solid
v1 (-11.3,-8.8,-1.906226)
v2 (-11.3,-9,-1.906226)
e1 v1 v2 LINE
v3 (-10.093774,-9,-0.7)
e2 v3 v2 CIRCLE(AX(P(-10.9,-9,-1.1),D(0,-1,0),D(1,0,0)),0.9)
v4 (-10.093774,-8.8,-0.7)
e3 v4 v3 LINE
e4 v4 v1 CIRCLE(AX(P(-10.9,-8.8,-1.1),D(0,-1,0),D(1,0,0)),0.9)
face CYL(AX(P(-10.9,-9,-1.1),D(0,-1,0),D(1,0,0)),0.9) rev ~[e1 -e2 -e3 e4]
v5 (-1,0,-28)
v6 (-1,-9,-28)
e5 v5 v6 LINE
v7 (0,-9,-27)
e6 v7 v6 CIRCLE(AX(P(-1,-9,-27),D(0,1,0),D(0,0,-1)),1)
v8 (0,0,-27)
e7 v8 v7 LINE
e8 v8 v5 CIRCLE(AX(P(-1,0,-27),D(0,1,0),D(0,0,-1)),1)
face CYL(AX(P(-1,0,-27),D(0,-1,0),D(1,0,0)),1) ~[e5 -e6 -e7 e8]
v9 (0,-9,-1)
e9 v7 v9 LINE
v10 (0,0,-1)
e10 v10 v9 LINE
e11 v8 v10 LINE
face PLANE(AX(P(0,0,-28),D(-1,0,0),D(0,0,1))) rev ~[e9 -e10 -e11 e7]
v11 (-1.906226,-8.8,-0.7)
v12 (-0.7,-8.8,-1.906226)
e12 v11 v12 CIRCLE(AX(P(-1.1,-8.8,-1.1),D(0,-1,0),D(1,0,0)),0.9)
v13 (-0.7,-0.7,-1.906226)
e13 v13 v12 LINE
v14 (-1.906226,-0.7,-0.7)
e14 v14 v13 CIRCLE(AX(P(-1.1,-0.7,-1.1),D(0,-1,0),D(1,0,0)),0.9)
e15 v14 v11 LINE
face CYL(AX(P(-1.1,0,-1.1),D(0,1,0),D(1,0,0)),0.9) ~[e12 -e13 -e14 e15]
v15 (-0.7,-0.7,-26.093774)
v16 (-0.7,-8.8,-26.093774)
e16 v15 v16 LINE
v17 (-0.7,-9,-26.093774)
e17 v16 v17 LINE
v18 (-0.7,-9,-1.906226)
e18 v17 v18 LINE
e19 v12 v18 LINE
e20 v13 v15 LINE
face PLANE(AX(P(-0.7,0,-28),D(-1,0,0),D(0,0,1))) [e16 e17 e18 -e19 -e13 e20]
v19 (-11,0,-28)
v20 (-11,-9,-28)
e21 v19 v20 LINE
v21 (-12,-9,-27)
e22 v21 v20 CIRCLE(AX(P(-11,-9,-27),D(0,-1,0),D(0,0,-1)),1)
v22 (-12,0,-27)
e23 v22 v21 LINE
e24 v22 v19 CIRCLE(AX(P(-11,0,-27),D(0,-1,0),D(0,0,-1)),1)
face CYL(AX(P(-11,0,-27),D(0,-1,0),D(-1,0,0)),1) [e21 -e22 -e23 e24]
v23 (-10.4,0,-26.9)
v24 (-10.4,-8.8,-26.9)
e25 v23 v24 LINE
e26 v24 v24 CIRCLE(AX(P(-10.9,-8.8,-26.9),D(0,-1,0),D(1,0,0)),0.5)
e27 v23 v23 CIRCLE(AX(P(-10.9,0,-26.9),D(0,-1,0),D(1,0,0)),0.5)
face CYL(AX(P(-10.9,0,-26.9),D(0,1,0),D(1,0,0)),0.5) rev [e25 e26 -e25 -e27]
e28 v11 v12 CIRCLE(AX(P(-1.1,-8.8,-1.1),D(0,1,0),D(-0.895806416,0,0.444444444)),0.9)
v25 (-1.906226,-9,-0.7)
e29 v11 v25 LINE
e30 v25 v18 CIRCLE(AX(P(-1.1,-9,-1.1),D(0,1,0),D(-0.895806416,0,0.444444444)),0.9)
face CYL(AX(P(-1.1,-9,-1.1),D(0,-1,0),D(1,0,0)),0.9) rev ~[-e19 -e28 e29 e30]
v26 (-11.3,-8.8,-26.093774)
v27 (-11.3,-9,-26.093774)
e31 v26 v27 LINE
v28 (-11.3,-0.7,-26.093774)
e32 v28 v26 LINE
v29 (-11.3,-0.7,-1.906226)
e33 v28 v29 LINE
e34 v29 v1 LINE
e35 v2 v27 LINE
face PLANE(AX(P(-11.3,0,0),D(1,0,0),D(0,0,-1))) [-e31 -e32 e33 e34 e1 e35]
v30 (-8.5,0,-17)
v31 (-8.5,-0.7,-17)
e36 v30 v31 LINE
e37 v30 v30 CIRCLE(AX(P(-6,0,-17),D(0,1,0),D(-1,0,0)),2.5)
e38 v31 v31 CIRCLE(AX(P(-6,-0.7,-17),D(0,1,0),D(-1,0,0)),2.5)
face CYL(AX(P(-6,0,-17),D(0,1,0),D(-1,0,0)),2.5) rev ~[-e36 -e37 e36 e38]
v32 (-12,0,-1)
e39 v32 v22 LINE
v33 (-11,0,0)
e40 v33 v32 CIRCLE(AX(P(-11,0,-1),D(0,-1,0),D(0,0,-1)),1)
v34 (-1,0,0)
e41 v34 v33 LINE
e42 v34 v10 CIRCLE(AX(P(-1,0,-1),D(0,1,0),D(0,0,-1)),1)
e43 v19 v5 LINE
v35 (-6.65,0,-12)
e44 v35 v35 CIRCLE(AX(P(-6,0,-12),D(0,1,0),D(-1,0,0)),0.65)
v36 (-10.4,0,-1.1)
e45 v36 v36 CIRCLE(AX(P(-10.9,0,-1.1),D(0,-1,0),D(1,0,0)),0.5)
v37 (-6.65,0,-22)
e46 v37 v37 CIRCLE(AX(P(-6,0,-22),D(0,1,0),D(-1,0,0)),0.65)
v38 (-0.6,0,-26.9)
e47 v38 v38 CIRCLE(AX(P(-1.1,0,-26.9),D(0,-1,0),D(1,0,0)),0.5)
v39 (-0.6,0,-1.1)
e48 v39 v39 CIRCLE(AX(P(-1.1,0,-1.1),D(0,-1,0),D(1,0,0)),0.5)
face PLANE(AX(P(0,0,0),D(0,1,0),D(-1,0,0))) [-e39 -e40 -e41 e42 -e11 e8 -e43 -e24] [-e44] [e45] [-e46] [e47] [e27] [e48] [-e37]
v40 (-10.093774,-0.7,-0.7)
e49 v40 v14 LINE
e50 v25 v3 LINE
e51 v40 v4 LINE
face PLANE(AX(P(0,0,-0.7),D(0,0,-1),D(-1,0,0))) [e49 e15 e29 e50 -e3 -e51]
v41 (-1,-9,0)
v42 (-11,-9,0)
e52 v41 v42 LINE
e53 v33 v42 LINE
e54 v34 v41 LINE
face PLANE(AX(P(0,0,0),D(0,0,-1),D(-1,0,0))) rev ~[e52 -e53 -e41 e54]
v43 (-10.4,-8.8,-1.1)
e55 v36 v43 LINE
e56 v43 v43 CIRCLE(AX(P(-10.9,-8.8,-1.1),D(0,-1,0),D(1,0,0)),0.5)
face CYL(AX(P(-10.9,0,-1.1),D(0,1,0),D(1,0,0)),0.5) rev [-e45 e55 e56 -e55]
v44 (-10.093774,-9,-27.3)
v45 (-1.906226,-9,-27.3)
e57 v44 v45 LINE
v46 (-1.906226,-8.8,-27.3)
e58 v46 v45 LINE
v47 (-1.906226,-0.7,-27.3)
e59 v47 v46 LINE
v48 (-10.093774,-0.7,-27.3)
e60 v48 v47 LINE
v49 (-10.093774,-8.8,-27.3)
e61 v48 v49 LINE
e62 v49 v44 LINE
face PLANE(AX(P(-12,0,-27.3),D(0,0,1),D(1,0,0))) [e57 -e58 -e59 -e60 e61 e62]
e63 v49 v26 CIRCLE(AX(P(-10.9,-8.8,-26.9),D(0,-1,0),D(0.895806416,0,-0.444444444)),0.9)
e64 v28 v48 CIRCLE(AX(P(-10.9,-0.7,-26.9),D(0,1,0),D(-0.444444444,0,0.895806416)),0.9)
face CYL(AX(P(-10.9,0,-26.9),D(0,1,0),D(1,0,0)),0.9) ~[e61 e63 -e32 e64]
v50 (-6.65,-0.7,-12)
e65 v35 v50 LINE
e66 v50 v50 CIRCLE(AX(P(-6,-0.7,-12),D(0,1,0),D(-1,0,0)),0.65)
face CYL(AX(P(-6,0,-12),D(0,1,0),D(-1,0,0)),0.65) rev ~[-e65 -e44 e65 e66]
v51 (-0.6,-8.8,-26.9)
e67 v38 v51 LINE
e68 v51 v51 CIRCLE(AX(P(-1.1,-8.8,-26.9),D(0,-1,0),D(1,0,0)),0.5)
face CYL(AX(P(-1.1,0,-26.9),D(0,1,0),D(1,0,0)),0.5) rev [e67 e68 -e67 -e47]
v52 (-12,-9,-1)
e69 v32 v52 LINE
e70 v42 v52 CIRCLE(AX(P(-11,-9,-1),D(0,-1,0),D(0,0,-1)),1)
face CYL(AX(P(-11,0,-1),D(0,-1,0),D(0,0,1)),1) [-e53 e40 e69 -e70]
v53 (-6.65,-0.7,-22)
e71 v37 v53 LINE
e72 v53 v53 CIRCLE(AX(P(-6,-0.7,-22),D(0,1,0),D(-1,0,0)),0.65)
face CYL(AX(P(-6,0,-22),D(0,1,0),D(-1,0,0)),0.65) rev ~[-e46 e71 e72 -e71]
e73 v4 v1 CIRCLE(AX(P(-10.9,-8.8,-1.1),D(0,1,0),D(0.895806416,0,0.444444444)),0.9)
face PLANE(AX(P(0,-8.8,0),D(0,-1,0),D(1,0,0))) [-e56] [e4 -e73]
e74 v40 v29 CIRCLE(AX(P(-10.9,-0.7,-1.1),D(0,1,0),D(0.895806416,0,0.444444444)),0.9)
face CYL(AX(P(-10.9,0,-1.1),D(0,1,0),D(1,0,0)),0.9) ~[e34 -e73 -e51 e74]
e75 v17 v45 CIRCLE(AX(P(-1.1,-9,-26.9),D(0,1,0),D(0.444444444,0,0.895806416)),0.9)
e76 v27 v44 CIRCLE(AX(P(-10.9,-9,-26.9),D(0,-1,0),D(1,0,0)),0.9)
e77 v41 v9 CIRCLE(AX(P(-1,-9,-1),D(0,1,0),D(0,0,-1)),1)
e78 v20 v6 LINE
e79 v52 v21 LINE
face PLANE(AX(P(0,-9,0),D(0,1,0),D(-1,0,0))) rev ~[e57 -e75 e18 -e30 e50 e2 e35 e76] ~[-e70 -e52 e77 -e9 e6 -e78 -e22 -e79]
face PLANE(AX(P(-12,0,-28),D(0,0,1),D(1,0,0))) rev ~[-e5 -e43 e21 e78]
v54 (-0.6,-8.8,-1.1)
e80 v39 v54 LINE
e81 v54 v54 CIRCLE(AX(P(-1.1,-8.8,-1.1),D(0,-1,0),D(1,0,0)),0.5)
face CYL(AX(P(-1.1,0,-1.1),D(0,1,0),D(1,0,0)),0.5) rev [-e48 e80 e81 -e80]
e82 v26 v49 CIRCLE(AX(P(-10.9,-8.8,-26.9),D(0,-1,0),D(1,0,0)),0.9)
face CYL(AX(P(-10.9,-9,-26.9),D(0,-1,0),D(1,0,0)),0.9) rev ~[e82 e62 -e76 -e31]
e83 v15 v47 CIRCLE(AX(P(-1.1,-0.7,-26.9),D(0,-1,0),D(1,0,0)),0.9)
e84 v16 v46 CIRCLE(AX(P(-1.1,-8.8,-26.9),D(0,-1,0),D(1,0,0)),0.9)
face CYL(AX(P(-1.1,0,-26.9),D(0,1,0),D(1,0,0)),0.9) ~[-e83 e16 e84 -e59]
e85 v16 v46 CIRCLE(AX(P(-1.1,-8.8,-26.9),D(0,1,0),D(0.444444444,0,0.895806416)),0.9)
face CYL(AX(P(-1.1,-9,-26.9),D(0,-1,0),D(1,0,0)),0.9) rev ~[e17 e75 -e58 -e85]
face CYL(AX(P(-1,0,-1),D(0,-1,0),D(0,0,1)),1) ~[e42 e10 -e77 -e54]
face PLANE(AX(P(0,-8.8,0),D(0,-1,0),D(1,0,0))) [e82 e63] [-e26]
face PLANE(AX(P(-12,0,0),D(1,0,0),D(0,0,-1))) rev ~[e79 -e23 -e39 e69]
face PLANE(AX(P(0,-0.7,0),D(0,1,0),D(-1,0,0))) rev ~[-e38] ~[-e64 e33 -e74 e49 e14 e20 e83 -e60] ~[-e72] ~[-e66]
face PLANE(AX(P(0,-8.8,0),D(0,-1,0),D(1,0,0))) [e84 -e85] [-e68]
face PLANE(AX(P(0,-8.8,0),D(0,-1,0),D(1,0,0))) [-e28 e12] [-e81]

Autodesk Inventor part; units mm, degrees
ref_plane "YZ Plane" through (0, 0, 0) normal (1, 0, 0) x (0, 1, 0)
ref_plane "XZ Plane" through (0, 0, 0) normal (0, 1, 0) x (-1, 0, 0)
ref_plane "XY Plane" through (0, 0, 0) normal (0, 0, 1) x (1, 0, 0)
sketch "Эскиз1" plane through (0, 0, 0) normal (0, 1, 0) x (-1, 0, 0)
  line L0 (0, 0) -> (12, 0)
  line L1 (12, 0) -> (12, -28)
  line L2 (12, -28) -> (0, -28)
  line L3 (0, -28) -> (0, 0)
  circle A0 centre (6, -12) radius 0.65
  circle A1 centre (6, -17) radius 2.5
  circle A2 centre (6, -22) radius 0.65
  line L4 (6, -12) -> (6, -17) construction
  line L5 (6, -17) -> (6, -22) construction
  line L6 (6, -6) -> (6, 0) construction
  line L7 (6, -12) -> (12, -12) construction
  circle A3 centre (6, -12) radius 1.15
  circle A4 centre (6, -22) radius 1.15
  line L8 (6, -22) -> (6, -28) construction
  line L9 (6, -12) -> (6, -6) construction
  point P0 (12, -14)
  dimension "d0" = 5
  dimension "d1" = 6
  dimension "d2" = 5
  dimension "d7" = 0.5
  dimension "d8" = 1.3
  dimension "d20" = 6
extrude "Выдавливание1" add sketch "Эскиз1" against normal blind 9 contours L0 L1 L2 L3 | A0 | A1 | A2 | A3 | A4
shell "Оболочка1" thickness 0.7 removed faces 1 at (-4, -9, -9.3333)
extrude "Выдавливание2" cut sketch "Эскиз1" against normal through all contours A0 | A1 | A2
sketch "Эскиз2" plane through (0, -9, 0) normal (0, -1, 0) x (1, 0, 0)
  line L0 (0, -28) -> (-12, -28) construction
  line L1 (-6, -28) -> (-6, 0) construction
  line L2 (-12, 0) -> (0, 0) construction
  line L3 (-12, -28) -> (-12, 0) construction
  line L4 (-12, -14) -> (0, -14) construction
  line L5 (0, 0) -> (0, -28) construction
  circle A0 centre (-1.1, -26.9) radius 0.9
  circle A1 centre (-1.1, -26.9) radius 0.5
  circle A2 centre (-10.9, -26.9) radius 0.9
  circle A3 centre (-10.9, -26.9) radius 0.5
  circle A4 centre (-1.1, -1.1) radius 0.9
  circle A5 centre (-1.1, -1.1) radius 0.5
  circle A6 centre (-10.9, -1.1) radius 0.5
  circle A7 centre (-10.9, -1.1) radius 0.9
  dimension "d11" = 1.1
  dimension "d12" = 1.1
  dimension "d13" = 1
  dimension "d14" = 0.4
extrude "Выдавливание3" cut sketch "Эскиз2" against normal through all contours A0 | A1 | A2 | A3 | A4 | A5 | A6 | A7
extrude "Выдавливание4" add sketch "Эскиз2" along normal blind 8.8 from surface at -9
fillet "Сопряжение1" radius 1 4 edges at (-12, -4.5, -28) (0, -4.5, -28) (0, -4.5, 0) (-12, -4.5, 0)
equation "\"d11\" = d12"
properties part number "Голова сервы"
